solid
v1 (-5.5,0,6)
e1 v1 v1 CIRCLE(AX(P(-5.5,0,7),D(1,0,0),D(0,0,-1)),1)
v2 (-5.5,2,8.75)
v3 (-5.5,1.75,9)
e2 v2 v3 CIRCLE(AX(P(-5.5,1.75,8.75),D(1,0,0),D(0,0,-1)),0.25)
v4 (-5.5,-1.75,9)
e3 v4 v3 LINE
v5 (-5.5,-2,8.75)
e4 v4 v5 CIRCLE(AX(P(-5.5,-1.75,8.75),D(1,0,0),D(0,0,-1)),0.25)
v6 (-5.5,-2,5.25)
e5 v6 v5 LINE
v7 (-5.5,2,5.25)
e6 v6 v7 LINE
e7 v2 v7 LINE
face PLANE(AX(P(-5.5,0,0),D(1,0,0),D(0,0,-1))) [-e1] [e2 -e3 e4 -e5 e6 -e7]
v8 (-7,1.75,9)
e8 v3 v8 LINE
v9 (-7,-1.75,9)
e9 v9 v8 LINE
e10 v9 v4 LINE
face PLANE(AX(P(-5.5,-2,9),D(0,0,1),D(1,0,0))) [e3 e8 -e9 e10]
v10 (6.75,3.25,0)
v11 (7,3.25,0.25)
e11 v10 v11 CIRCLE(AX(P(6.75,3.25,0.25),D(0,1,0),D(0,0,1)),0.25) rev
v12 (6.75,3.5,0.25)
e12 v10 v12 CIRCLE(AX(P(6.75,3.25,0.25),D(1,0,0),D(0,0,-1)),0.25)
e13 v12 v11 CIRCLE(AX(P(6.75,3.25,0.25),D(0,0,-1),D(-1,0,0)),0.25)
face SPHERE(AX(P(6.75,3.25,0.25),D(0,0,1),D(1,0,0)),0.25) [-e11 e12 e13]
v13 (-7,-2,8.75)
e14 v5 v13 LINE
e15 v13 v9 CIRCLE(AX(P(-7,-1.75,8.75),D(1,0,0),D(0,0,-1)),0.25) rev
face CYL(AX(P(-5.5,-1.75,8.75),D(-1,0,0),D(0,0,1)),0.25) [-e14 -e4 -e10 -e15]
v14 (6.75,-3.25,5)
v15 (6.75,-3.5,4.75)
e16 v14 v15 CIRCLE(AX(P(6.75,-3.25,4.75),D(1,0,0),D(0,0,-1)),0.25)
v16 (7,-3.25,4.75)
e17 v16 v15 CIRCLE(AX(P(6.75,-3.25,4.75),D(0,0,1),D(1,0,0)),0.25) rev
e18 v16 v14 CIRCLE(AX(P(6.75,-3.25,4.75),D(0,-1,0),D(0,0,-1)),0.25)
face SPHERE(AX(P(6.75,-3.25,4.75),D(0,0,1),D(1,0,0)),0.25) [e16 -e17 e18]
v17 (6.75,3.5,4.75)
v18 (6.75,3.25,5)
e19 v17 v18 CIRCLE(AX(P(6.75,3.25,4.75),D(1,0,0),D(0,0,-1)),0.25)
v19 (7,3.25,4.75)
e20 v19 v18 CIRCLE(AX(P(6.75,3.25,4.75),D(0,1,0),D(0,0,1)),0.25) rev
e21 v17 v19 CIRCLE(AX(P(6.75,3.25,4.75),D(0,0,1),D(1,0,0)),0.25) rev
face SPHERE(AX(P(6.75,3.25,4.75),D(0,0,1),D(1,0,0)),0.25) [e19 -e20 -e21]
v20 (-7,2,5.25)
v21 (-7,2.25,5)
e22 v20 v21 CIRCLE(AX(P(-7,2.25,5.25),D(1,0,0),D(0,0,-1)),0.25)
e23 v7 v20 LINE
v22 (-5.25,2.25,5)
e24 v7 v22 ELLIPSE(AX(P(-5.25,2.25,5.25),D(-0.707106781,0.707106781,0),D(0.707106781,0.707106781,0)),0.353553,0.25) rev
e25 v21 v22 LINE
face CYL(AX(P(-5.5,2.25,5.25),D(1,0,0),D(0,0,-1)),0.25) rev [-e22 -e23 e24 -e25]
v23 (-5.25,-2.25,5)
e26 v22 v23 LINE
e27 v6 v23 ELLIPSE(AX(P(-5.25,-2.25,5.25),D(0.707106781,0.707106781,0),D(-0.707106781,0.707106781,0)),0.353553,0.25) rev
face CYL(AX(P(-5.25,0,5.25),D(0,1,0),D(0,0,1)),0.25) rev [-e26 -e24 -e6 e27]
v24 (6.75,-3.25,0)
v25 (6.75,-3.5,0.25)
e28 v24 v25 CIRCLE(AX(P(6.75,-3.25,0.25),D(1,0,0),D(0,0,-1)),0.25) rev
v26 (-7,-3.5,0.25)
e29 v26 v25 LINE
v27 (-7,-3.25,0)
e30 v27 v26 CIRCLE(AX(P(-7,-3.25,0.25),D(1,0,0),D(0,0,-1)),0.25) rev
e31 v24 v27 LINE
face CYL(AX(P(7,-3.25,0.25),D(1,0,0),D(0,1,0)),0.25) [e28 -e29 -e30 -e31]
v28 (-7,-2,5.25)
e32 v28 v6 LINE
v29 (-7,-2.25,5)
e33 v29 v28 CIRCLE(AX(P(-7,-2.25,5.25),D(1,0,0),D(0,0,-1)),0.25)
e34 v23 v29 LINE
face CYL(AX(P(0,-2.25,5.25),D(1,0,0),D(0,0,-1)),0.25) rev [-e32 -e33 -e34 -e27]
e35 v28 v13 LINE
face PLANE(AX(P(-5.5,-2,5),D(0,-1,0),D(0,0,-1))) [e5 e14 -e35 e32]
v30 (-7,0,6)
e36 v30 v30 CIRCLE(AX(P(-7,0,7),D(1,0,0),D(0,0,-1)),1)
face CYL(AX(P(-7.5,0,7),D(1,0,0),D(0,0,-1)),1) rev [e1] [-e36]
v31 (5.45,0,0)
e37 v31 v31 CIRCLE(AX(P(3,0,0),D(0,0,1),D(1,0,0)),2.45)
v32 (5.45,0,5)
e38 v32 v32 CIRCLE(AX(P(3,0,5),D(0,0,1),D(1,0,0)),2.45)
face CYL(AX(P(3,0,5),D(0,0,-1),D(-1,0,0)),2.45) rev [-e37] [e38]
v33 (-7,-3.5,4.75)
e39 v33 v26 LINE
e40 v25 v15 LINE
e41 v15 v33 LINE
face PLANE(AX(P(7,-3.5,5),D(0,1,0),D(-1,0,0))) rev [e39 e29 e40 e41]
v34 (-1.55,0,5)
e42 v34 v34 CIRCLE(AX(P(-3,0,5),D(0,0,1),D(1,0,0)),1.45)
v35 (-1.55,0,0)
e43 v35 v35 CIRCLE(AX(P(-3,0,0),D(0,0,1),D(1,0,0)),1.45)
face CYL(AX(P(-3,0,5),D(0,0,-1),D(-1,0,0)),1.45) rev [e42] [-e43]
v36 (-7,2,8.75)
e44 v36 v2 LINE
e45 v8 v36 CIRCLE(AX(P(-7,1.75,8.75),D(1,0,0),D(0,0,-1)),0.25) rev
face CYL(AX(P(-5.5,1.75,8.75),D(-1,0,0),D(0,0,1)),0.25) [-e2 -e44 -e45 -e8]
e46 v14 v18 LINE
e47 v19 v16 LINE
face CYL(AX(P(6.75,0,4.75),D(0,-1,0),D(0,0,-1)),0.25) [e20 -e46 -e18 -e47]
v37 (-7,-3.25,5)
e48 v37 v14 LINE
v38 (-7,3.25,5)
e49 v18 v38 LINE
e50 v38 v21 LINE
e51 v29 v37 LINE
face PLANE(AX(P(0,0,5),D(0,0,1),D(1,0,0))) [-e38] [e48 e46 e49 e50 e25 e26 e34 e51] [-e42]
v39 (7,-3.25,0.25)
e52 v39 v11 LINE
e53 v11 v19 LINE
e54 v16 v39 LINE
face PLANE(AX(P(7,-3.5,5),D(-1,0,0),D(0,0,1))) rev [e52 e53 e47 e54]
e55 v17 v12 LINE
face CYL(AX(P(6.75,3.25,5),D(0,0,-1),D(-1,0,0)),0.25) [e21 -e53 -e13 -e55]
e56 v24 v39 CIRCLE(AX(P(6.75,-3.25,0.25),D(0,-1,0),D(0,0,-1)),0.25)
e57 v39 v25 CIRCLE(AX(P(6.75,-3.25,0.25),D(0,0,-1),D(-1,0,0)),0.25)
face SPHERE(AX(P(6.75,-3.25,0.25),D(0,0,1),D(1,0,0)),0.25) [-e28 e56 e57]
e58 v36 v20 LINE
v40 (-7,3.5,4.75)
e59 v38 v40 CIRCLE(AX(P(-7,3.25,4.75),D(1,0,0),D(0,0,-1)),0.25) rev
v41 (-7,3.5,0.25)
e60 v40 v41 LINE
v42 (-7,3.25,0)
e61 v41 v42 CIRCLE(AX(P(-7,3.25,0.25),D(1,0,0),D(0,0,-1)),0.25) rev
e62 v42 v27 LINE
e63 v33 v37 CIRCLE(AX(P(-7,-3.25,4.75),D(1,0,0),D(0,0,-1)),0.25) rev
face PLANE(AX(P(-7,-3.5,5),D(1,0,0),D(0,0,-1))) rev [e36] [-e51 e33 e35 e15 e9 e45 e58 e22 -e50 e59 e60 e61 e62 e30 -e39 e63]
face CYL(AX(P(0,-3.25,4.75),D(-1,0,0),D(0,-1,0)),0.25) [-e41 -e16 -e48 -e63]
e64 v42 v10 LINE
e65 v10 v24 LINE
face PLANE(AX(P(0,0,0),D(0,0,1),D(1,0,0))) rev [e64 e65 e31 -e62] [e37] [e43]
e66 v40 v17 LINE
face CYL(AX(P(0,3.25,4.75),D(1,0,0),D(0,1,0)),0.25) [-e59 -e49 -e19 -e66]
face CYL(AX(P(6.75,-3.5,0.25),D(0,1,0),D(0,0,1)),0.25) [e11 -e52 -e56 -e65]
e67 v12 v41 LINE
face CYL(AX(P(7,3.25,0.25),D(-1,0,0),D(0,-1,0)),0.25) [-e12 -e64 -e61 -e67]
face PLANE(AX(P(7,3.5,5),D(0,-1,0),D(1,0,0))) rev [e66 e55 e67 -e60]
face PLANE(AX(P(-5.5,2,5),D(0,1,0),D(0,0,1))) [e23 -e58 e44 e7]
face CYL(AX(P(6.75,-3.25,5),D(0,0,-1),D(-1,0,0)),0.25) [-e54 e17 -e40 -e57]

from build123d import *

# Parameters (mm, degrees)
SKETCH1_W           = 14
SKETCH1_H           = 7
BOSS_EXTRUDE1_DEPTH = 5
SKETCH2_R           = 2.45
SKETCH2_R_2         = 1.45
CUT_EXTRUDE1_DEPTH  = 10.287087811
SKETCH5_W           = 4
SKETCH5_H           = 4
BOSS_EXTRUDE3_DEPTH = 1.5
SKETCH9_R           = 1
CUT_EXTRUDE2_DEPTH  = 2
FILLET1_R           = 0.25


with BuildPart() as part:
    # Sketch1 → Boss-Extrude1 (new body)
    with BuildSketch(Plane.XY):
        Rectangle(SKETCH1_W, SKETCH1_H)
    extrude(amount=BOSS_EXTRUDE1_DEPTH)

    # Sketch2 → Cut-Extrude1 (cut, through all)
    with BuildSketch(Plane.XY):
        with Locations((3, 0)):
            Circle(SKETCH2_R)
        with Locations((-3, 0)):
            Circle(SKETCH2_R_2)
    extrude(amount=CUT_EXTRUDE1_DEPTH, mode=Mode.SUBTRACT)

    # Sketch5 → Boss-Extrude3 (add)
    with BuildSketch(Plane.ZY.offset(7)):
        with Locations((7, 0)):
            Rectangle(SKETCH5_W, SKETCH5_H)
    extrude(amount=-BOSS_EXTRUDE3_DEPTH)

    # Sketch9 → Cut-Extrude2 (cut)
    with BuildSketch(Plane(origin=(-5.5, 0, 0), x_dir=(0, 0, -1), z_dir=(1, 0, 0))):
        with Locations((-7, 0)):
            Circle(SKETCH9_R)
    extrude(amount=-CUT_EXTRUDE2_DEPTH, mode=Mode.SUBTRACT)

    # Fillet1
    fillet1_edges = [part.edges().sort_by_distance(p)[0] for p in [
        (7, 0, 5),
        (0, 3.5, 5),
        (-5.5, 0, 5),
        (-6.25, -2, 5),
        (-6.25, 2, 5),
        (-6.25, 2, 9),
        (-6.25, -2, 9),
        (0, 3.5, 0),
        (7, 0, 0),
        (0, -3.5, 0),
        (7, 3.5, 2.5),
        (7, -3.5, 2.5),
        (0, -3.5, 5),
    ]]
    fillet(fillet1_edges, radius=FILLET1_R)


solid = part.part
